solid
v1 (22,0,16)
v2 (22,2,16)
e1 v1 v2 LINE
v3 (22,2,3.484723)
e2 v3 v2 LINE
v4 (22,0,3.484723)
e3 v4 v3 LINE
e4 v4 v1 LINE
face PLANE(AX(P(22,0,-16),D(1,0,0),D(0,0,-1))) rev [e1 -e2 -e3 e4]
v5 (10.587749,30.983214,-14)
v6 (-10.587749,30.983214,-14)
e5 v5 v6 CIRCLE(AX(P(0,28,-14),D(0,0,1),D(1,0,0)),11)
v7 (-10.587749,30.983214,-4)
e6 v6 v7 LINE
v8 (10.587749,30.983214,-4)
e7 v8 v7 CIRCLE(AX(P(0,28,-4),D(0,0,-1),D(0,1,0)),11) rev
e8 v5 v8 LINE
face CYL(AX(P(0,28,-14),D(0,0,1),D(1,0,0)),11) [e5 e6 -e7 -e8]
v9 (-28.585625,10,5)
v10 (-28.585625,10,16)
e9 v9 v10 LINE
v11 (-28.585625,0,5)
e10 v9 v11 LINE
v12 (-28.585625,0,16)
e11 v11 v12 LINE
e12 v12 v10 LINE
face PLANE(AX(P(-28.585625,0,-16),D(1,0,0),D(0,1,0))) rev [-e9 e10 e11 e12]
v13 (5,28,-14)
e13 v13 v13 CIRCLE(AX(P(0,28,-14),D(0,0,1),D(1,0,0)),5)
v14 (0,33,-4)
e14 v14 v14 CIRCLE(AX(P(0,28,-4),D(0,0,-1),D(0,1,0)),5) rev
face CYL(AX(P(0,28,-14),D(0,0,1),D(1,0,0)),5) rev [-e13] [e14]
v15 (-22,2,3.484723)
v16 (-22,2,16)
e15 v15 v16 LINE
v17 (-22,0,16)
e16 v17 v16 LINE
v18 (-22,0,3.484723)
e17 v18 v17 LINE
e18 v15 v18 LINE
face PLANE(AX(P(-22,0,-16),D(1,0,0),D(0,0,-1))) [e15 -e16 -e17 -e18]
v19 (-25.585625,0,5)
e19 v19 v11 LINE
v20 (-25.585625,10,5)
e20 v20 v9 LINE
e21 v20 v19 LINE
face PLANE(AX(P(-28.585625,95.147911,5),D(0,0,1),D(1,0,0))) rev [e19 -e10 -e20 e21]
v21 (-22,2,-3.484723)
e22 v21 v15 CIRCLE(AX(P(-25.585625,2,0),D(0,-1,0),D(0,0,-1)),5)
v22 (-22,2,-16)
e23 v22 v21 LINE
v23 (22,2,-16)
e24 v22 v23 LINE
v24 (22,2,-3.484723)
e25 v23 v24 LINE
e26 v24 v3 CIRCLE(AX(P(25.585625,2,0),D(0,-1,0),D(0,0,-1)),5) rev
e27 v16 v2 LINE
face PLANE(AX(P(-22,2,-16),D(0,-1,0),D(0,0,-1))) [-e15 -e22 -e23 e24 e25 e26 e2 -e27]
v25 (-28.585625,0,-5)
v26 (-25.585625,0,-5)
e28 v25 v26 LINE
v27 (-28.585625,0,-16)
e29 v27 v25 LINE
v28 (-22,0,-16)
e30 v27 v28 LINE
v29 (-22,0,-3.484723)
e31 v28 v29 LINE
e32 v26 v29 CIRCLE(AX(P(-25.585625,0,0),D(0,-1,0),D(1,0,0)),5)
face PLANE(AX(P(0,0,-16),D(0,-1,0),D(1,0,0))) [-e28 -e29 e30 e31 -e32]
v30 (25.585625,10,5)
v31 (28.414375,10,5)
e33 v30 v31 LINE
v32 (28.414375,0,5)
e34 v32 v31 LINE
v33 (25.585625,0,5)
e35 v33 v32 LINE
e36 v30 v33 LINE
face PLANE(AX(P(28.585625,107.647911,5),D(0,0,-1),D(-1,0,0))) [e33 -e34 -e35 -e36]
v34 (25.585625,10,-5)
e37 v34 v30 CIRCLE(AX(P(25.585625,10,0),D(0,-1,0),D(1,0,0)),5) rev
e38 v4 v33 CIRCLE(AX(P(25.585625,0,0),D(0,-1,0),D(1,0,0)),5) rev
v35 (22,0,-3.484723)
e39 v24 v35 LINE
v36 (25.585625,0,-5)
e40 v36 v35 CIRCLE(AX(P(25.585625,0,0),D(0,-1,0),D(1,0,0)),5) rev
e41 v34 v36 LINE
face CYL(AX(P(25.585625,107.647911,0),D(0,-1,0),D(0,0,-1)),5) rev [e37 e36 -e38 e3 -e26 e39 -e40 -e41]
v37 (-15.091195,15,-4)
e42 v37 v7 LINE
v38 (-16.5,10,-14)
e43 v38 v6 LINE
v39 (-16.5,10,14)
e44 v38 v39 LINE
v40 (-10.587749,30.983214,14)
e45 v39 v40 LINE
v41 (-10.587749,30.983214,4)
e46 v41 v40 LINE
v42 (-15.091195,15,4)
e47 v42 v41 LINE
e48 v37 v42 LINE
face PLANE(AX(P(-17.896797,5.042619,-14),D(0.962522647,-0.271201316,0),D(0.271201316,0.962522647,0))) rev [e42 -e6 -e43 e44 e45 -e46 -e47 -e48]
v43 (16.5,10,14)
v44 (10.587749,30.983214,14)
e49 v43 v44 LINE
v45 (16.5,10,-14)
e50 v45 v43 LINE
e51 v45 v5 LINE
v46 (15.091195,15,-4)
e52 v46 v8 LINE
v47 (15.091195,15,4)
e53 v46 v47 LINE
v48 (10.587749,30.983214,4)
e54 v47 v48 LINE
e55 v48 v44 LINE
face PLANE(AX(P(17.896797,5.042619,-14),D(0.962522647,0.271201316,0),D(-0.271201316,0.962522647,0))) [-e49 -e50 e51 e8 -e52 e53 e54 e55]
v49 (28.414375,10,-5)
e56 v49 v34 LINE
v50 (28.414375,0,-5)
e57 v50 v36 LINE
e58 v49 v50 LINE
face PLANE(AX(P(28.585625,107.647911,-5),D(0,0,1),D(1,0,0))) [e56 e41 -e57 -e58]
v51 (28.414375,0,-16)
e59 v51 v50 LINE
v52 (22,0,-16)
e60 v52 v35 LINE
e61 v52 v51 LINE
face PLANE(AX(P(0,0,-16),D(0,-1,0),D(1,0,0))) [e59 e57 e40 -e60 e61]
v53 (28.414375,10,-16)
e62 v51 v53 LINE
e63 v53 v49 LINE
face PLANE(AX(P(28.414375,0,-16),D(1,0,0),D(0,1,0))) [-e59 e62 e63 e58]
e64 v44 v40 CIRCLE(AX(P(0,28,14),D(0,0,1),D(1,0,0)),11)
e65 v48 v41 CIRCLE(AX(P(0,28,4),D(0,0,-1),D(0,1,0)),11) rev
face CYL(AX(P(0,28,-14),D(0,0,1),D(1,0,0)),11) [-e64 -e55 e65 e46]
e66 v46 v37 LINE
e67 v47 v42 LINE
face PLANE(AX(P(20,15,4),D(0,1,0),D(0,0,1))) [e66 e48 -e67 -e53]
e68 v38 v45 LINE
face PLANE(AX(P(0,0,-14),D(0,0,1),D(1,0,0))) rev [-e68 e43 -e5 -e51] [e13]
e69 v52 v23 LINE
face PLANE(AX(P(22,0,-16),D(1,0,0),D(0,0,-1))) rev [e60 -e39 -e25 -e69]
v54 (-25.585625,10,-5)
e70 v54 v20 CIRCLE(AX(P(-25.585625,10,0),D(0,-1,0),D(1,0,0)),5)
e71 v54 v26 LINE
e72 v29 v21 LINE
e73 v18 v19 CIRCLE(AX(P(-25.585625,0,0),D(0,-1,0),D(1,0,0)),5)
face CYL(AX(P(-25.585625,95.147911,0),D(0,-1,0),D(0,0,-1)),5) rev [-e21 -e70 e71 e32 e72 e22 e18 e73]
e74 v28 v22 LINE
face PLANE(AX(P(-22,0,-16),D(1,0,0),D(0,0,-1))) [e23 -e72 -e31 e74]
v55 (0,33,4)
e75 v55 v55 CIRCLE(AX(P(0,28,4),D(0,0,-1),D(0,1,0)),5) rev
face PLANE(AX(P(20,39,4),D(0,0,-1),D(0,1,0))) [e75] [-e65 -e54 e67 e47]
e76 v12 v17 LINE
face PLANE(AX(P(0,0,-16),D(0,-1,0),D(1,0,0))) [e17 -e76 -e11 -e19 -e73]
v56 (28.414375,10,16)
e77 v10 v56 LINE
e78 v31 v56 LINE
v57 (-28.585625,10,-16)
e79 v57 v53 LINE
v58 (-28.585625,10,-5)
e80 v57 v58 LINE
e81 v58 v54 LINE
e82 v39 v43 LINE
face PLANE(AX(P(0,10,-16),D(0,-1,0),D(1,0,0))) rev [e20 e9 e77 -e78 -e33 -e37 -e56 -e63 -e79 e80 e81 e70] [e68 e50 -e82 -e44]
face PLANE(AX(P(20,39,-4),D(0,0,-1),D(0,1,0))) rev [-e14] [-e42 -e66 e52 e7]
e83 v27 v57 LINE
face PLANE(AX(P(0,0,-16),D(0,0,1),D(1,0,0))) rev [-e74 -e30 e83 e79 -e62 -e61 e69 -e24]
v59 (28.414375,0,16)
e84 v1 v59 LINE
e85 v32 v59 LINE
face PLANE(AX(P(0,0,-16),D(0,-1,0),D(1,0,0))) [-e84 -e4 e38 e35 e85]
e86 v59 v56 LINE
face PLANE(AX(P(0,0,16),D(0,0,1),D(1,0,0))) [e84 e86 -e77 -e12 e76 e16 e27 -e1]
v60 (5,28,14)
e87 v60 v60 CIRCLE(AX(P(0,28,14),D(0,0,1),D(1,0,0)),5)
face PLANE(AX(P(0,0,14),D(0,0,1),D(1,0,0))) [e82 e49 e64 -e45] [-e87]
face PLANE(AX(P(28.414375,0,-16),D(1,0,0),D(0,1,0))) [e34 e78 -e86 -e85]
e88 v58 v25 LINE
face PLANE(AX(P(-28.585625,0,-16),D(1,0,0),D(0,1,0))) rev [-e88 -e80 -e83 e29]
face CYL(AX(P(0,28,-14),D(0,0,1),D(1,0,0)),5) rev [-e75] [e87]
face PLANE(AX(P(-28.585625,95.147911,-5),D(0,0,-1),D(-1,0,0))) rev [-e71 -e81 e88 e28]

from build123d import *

# Parameters (mm, degrees)
SKETCH_1_W          = 57
SKETCH_1_H          = 10
EXTRUDE_1_DEPTH     = 32
SKETCH_2_R          = 5
SKETCH_2_W          = 57
SKETCH_2_H          = 10
EXTRUDE_4_DEPTH     = 28
SKETCH_2_8_R        = 5
SKETCH_2_8_W        = 57
SKETCH_2_8_H        = 10
EXTRUDE_5_DEPTH     = 28
SKETCH_7_W          = 44
SKETCH_7_H          = 2
CUT_EXTRUDE_1_DEPTH = 58.983945463
CUT_EXTRUDE_3_DEPTH = 51.932680387
SKETCH_9_W          = 8
SKETCH_9_H          = 24
CUT_EXTRUDE_4_DEPTH = 20


with BuildPart() as part:
    # 草图1 → 凸台-拉伸1 (new body)
    with BuildSketch(Plane.XY.offset(16)):
        with Locations((-0.085624559, 5)):
            Rectangle(SKETCH_1_W, SKETCH_1_H)
    extrude(amount=-EXTRUDE_1_DEPTH)

    # 草图2 → 凸台-拉伸4 (add)
    # profile 1 of 2: a face of its own
    with BuildSketch(Plane.XY.offset(14)):
        with BuildLine():
            Line((-16.5, 10), (16.5, 10))
            Line((16.5, 10), (10.58774912, 30.983214471))
            ThreePointArc((10.58774912, 30.983214471), (0, 39), (-10.58774912, 30.983214471))
            Line((-10.58774912, 30.983214471), (-16.5, 10))
        make_face()
        with Locations((0, 28)):
            Circle(SKETCH_2_R, mode=Mode.SUBTRACT)
    # profile 2 of 2: a face of its own
    with BuildSketch(Plane.XY.offset(14)):
        with Locations((-0.085624559, 5)):
            Rectangle(SKETCH_2_W, SKETCH_2_H)
    extrude(amount=-EXTRUDE_4_DEPTH)

    # 草图2<8> → 凸台-拉伸5 (add)
    # profile 1 of 2: a face of its own
    with BuildSketch(Plane.XY.offset(14)):
        with BuildLine():
            Line((-16.5, 10), (16.5, 10))
            Line((16.5, 10), (10.58774912, 30.983214471))
            ThreePointArc((10.58774912, 30.983214471), (0, 39), (-10.58774912, 30.983214471))
            Line((-10.58774912, 30.983214471), (-16.5, 10))
        make_face()
        with Locations((0, 28)):
            Circle(SKETCH_2_8_R, mode=Mode.SUBTRACT)
    # profile 2 of 2: a face of its own
    with BuildSketch(Plane.XY.offset(14)):
        with Locations((-0.085624559, 5)):
            Rectangle(SKETCH_2_8_W, SKETCH_2_8_H)
    extrude(amount=-EXTRUDE_5_DEPTH)

    # 草图7 → 切除-拉伸1 (cut, through all)
    with BuildSketch(Plane.XY.offset(16)):
        with Locations((0, 1)):
            Rectangle(SKETCH_7_W, SKETCH_7_H)
    extrude(amount=-CUT_EXTRUDE_1_DEPTH, mode=Mode.SUBTRACT)

    # 草图8 → 切除-拉伸3 (cut, symmetric)
    with BuildSketch(Plane(origin=(0, 0, 0), x_dir=(1, 0, 0), z_dir=(0, 1, 0))):
        with BuildLine():
            Line((-160.076364947, -5), (-28.585624559, -5))
            Line((-28.585624559, -5), (-25.585624559, -5))
            ThreePointArc((-25.585624559, -5), (-20.585624559, 0), (-25.585624559, 5))
            Line((-25.585624559, 5), (-28.585624559, 5))
            Line((-28.585624559, 5), (-160.076364947, 5))
            Line((-160.076364947, 5), (-423.057845722, 5))
            Line((-423.057845722, 5), (-423.057845722, -5))
            Line((-423.057845722, -5), (-160.076364947, -5))
        make_face()
    cut_extrude_3 = extrude(amount=CUT_EXTRUDE_3_DEPTH, both=True, mode=Mode.SUBTRACT)

    # 镜向1: 切除-拉伸3 across plane
    add(cut_extrude_3.mirror(Plane(origin=(0, 0, 0), x_dir=(0, 0, 1), z_dir=(1, 0, 0))), mode=Mode.SUBTRACT)

    # 草图9 → 切除-拉伸4 (cut, symmetric)
    with BuildSketch(Plane(origin=(0, 0, 0), x_dir=(0, 0, -1), z_dir=(1, 0, 0))):
        with Locations((0, 27)):
            Rectangle(SKETCH_9_W, SKETCH_9_H)
    extrude(amount=CUT_EXTRUDE_4_DEPTH, both=True, mode=Mode.SUBTRACT)


solid = part.part
